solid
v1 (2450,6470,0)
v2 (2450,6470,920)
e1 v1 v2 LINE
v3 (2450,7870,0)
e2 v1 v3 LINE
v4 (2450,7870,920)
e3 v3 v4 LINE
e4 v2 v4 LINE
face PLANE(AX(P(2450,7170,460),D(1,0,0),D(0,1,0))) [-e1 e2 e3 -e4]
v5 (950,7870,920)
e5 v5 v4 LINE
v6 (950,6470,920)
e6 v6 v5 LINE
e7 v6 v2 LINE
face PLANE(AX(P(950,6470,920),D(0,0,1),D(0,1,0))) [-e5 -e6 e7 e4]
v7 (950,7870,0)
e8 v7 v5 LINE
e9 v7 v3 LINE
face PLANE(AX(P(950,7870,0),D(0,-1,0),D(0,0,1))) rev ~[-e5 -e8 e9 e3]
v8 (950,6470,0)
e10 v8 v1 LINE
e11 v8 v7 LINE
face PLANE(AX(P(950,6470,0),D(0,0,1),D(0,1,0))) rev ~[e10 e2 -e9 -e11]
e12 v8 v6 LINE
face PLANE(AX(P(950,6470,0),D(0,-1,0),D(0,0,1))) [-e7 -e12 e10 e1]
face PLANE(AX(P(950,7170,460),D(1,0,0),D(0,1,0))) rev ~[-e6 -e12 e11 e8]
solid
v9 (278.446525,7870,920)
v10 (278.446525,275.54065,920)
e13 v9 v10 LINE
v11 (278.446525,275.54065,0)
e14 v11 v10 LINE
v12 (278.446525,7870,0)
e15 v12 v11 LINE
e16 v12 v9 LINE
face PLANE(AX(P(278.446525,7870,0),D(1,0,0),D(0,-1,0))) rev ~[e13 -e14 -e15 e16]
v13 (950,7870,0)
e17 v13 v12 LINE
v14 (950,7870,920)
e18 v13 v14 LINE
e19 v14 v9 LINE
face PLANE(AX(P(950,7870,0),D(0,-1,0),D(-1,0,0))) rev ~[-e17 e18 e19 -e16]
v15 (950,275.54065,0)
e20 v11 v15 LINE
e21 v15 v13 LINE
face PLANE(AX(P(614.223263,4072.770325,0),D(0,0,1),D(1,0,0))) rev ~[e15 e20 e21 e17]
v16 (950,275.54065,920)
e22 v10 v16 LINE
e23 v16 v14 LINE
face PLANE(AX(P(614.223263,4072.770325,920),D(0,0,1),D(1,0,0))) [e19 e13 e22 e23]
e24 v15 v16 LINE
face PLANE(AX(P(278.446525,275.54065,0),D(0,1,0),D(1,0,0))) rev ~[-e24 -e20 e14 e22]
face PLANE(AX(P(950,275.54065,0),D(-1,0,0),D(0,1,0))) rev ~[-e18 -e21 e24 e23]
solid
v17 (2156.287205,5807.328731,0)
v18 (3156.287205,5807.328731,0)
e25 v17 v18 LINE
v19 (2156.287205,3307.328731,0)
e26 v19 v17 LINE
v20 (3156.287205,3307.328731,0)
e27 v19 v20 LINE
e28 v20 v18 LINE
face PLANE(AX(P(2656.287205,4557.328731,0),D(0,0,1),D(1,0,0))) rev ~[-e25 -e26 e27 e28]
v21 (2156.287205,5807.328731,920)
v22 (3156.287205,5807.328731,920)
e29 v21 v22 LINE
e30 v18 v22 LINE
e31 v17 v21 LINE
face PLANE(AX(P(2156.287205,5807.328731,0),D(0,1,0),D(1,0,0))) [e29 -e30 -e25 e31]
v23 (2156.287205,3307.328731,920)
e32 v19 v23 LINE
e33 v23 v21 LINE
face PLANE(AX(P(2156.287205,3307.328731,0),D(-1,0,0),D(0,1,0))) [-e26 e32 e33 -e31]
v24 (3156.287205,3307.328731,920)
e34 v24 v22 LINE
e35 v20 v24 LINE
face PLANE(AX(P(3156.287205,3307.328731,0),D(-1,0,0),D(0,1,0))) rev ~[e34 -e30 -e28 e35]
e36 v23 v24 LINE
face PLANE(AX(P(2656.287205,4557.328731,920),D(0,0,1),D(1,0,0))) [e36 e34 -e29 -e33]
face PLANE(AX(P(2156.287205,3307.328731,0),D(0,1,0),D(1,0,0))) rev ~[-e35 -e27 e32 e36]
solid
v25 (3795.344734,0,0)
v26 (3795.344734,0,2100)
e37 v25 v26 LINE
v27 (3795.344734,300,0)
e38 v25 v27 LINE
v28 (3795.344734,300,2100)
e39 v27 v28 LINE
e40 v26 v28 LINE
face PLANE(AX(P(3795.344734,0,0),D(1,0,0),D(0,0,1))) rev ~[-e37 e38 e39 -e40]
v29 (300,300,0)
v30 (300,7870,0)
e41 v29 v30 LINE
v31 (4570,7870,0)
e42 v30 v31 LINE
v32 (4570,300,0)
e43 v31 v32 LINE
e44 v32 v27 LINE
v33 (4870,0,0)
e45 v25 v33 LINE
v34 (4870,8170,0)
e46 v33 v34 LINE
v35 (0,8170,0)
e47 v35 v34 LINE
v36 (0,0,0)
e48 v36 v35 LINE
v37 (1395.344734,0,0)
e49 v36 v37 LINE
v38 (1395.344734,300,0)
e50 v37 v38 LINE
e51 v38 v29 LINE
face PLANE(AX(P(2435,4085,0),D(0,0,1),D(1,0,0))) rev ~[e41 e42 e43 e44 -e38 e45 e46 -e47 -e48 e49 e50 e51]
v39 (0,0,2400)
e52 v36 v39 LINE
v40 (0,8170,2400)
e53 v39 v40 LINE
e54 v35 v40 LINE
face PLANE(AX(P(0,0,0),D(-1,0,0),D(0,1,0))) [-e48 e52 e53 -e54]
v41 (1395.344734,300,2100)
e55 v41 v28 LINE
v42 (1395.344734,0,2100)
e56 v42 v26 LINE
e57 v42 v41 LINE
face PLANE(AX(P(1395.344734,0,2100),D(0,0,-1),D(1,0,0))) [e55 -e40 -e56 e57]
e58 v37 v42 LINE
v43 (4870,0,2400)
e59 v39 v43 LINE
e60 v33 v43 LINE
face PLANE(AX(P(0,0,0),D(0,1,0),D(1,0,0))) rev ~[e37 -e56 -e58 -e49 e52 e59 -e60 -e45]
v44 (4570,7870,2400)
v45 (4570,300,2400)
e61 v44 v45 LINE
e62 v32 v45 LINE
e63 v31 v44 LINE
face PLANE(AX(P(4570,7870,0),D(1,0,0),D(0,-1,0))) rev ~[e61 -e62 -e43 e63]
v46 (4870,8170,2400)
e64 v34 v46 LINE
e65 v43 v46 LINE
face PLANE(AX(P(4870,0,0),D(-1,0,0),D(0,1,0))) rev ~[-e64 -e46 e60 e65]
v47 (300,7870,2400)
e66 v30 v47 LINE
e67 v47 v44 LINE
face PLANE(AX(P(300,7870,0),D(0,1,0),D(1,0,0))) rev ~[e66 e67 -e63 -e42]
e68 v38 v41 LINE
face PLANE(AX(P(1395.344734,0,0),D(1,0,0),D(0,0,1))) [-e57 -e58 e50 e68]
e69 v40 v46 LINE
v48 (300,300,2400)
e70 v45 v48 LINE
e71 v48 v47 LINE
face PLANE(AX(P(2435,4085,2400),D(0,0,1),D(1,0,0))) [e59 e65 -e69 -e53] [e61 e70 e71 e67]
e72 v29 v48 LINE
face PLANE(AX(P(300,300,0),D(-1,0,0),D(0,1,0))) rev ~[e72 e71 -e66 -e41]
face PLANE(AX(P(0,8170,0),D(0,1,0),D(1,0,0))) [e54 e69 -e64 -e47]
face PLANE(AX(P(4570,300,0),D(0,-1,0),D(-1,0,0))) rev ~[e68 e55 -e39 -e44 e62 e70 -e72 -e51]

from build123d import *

# Parameters (mm, degrees)
F0_W     = 4870
F0_H     = 8170
F1_DEPTH = 2400
F3_DEPTH = 920
F4_W     = 2400
F4_H     = 2100
F5_DEPTH = 510
F6_W     = 1000
F6_H     = 2500
F7_DEPTH = 920
F8_W     = 1400
F8_H     = 920
F9_DEPTH = 1500


with BuildPart() as f1:
    # F0 (on Top) → F1 (new body)
    with BuildSketch(Plane.XY):
        with Locations((2435, 4085)):
            Rectangle(F0_W, F0_H)
        Polygon((300, 300), (300, 7870), (950, 7870), (4570, 7870), (4570, 300), align=None, mode=Mode.SUBTRACT)
    extrude(amount=F1_DEPTH)

    # F4 (on face) → F5 (cut)
    with BuildSketch(Plane.XZ):
        with Locations((2595.344734, 1050)):
            Rectangle(F4_W, F4_H)
    extrude(amount=-F5_DEPTH, mode=Mode.SUBTRACT)


with BuildPart() as f3:
    # F2 (on Top) → F3 (new body)
    with BuildSketch(Plane.XY):
        Polygon((950, 651.986386), (950, 7870), (278.446525, 7870), (278.446525, 275.54065), (950, 275.54065), align=None)
    extrude(amount=F3_DEPTH)


with BuildPart() as f7:
    # F6 (on Top) → F7 (new body)
    with BuildSketch(Plane.XY):
        with Locations((2656.287205, 4557.328731)):
            Rectangle(F6_W, F6_H)
    extrude(amount=F7_DEPTH)


with BuildPart() as f9:
    # F8 (on face) → F9 (new body)
    with BuildSketch(Plane.YZ.offset(950)):
        with Locations((7170, 460)):
            Rectangle(F8_W, F8_H)
    extrude(amount=F9_DEPTH)


solid = Compound([f1.part, f3.part, f7.part, f9.part])
